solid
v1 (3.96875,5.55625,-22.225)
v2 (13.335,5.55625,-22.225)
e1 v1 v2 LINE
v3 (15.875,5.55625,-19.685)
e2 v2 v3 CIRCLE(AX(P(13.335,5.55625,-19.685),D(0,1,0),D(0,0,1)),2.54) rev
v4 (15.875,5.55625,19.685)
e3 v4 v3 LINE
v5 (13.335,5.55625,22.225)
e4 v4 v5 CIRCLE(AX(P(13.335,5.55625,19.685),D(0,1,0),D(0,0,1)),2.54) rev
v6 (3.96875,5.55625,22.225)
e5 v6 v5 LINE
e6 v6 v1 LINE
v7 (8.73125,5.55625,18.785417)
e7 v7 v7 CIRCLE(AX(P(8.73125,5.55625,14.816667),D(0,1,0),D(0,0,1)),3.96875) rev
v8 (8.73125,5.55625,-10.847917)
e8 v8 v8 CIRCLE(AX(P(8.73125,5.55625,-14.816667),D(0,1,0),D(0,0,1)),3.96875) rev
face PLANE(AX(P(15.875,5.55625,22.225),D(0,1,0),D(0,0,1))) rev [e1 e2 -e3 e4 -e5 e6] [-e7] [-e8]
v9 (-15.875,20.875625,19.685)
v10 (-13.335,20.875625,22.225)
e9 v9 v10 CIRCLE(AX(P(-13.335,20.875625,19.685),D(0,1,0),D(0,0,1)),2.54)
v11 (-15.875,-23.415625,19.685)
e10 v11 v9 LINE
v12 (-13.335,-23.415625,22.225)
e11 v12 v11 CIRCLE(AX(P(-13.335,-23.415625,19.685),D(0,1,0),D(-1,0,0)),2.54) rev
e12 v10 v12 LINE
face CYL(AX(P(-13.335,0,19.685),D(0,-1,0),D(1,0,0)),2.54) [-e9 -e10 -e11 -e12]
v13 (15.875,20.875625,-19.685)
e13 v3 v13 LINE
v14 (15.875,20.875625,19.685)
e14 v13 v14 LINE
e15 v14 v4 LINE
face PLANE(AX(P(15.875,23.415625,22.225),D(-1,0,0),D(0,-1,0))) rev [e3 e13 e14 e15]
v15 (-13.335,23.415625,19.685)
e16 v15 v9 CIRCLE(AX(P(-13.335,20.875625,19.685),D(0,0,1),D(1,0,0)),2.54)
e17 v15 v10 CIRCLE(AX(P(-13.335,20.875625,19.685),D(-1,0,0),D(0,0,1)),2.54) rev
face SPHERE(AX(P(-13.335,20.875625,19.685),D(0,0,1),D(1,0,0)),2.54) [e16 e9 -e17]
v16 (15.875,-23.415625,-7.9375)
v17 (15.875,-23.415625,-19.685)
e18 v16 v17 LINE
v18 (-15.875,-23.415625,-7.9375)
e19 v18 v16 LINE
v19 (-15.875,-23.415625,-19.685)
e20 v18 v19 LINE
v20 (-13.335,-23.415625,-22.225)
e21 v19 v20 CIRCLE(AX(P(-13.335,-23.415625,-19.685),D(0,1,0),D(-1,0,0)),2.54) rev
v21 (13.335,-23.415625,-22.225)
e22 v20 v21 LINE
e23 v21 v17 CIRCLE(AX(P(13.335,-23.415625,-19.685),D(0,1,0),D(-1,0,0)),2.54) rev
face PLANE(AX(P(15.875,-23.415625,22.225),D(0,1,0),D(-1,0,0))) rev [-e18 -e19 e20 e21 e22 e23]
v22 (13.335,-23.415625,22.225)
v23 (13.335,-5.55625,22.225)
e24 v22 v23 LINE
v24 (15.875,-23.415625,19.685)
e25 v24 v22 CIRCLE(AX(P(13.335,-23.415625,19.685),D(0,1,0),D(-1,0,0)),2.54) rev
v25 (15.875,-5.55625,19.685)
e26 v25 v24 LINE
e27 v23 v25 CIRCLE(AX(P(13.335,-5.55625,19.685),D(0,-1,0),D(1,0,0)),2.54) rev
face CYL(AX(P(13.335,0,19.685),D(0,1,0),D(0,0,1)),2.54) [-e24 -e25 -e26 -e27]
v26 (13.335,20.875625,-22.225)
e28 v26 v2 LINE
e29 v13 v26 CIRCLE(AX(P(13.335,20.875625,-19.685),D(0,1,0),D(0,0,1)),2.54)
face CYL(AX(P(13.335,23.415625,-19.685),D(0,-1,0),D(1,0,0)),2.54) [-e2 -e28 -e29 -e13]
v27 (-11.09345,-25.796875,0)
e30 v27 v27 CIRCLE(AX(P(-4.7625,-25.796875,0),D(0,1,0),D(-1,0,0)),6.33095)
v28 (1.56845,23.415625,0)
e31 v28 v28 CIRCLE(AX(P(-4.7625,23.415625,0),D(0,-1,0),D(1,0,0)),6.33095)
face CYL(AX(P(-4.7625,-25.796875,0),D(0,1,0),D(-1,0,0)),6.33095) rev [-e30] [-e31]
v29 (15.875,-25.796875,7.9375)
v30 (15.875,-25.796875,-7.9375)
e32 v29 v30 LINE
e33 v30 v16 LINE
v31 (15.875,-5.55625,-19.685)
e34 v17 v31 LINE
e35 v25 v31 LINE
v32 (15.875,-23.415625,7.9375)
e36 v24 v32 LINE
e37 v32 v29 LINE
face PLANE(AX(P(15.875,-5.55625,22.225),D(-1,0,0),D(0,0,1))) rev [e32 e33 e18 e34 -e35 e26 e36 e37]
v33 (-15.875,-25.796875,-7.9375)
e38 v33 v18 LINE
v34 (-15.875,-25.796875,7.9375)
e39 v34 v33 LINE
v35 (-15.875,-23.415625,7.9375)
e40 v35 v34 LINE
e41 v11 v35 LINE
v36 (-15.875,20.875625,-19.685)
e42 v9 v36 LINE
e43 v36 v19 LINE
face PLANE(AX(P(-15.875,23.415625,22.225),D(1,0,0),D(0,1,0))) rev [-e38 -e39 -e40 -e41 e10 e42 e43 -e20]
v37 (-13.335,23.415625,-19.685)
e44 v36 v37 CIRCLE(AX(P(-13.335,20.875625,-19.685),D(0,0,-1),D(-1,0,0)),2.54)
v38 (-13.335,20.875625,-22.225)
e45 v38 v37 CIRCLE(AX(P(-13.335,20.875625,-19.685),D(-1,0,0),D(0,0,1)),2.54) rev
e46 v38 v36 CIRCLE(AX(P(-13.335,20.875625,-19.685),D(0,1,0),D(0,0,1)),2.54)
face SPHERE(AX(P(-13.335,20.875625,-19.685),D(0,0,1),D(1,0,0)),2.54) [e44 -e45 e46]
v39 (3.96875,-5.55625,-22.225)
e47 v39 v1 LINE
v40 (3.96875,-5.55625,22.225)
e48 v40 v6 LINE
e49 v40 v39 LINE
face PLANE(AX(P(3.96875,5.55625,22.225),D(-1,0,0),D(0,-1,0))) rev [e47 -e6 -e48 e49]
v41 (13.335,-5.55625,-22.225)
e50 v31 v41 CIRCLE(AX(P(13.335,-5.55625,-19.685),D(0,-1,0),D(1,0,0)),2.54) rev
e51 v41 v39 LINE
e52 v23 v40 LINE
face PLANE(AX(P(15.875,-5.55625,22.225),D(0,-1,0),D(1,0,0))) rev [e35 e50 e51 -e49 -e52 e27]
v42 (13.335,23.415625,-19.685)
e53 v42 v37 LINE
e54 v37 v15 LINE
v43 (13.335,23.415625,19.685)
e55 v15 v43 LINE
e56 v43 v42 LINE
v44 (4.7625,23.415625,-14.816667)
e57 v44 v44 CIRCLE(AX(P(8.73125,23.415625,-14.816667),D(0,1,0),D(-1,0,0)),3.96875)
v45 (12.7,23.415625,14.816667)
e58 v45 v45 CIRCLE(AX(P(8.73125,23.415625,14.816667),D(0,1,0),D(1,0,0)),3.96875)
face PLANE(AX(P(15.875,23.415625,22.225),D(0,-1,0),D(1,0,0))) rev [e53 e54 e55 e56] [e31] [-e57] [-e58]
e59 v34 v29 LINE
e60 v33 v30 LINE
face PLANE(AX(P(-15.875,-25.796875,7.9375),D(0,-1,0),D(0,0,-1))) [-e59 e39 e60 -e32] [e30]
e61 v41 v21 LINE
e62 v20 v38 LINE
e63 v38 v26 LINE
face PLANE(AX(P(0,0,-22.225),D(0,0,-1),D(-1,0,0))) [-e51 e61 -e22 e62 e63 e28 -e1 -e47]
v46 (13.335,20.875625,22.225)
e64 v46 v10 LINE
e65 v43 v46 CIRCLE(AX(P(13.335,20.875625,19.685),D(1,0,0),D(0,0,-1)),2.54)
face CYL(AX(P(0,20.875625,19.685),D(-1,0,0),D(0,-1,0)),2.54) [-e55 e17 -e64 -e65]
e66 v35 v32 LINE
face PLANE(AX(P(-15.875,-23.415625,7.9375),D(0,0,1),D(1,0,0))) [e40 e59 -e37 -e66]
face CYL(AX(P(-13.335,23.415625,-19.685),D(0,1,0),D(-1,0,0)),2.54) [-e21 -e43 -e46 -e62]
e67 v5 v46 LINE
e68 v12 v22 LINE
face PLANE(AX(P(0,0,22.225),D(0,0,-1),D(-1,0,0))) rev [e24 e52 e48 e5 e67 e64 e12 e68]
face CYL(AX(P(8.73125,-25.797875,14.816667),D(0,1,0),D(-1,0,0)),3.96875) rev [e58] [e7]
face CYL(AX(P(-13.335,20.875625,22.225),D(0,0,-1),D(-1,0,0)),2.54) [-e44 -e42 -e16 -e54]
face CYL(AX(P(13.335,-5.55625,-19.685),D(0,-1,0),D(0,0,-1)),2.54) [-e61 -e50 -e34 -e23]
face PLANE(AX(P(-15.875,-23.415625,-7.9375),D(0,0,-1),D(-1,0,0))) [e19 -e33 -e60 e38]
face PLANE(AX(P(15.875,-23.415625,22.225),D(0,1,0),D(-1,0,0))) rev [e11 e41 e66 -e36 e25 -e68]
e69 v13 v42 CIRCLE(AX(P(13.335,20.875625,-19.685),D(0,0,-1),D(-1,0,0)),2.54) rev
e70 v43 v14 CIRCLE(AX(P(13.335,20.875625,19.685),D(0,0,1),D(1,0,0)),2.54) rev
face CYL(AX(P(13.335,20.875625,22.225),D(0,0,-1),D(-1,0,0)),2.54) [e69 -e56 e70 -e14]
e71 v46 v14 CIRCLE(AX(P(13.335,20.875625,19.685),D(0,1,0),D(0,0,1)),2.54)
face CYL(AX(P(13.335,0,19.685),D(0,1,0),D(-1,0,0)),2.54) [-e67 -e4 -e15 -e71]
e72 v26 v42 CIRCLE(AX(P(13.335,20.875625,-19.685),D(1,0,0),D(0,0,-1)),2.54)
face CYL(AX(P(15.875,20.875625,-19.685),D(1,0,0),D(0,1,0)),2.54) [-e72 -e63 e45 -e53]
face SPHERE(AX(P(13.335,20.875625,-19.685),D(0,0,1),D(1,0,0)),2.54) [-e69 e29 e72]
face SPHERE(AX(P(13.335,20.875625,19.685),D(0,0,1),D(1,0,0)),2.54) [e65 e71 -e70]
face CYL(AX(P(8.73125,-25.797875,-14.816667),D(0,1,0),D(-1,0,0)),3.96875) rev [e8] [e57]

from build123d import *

# Parameters (mm, degrees)
BOSS_EXTRUDE1_DEPTH     = 22.225
SKETCH4_W               = 15.875
SKETCH4_H               = 2.38125
BOSS_EXTRUDE2_DEPTH     = 31.75
SKETCH2_R               = 6.33095
CUT_EXTRUDE1_DEPTH      = 1
CUT_EXTRUDE1_DEPTH_BACK = 50.2125
CUT_EXTRUDE2_REACH      = 51.212
SKETCH3_R               = 3.96875
FILLET1_R               = 2.54


with BuildPart() as part:
    # Sketch1 → Boss-Extrude1 (new body, symmetric)
    with BuildSketch(Plane.XY):
        Polygon((15.875, 23.415625), (-15.875, 23.415625), (-15.875, -23.415625), (15.875, -23.415625), (15.875, -5.55625), (3.96875, -5.55625), (3.96875, 5.55625), (15.875, 5.55625), align=None)
    extrude(amount=BOSS_EXTRUDE1_DEPTH, both=True)

    # Sketch4 → Boss-Extrude2 (add, through all)
    with BuildSketch(Plane(origin=(15.875, 0, 0), x_dir=(0, 0, -1), z_dir=(1, 0, 0))):
        with Locations((0, -24.60625)):
            Rectangle(SKETCH4_W, SKETCH4_H)
    extrude(amount=-BOSS_EXTRUDE2_DEPTH)

    # Sketch2 → Cut-Extrude1 (cut, two sides)
    with BuildSketch(Plane(origin=(0, 23.415625, 0), x_dir=(1, 0, 0), z_dir=(0, 1, 0))) as cut_extrude1_sk:
        with Locations((-4.7625, 0)):
            Circle(SKETCH2_R)
    extrude(amount=CUT_EXTRUDE1_DEPTH, mode=Mode.SUBTRACT)
    extrude(cut_extrude1_sk.sketch, amount=-CUT_EXTRUDE1_DEPTH_BACK, mode=Mode.SUBTRACT)

    # Sketch3 → Cut-Extrude2 (cut, up to next)
    with BuildSketch(Plane(origin=(0, 23.415625, 0), x_dir=(1, 0, 0), z_dir=(0, 1, 0)), mode=Mode.PRIVATE) as cut_extrude2_sk1:
        with Locations((8.73125, 14.816666667)):
            Circle(SKETCH3_R)
    cut_extrude2_tool1 = extrude(cut_extrude2_sk1.sketch, amount=-CUT_EXTRUDE2_REACH, mode=Mode.PRIVATE) & part.part
    add(cut_extrude2_tool1.solids().sort_by_distance((8.73125, 23.415625, -14.816667))[0], mode=Mode.SUBTRACT)
    # Sketch3 → Cut-Extrude2 (cut, up to next)
    with BuildSketch(Plane(origin=(0, 23.415625, 0), x_dir=(1, 0, 0), z_dir=(0, 1, 0)), mode=Mode.PRIVATE) as cut_extrude2_sk2:
        with Locations((8.73125, -14.816666667)):
            Circle(SKETCH3_R)
    cut_extrude2_tool2 = extrude(cut_extrude2_sk2.sketch, amount=-CUT_EXTRUDE2_REACH, mode=Mode.PRIVATE) & part.part
    add(cut_extrude2_tool2.solids().sort_by_distance((8.73125, 23.415625, 14.816667))[0], mode=Mode.SUBTRACT)

    # Fillet1
    fillet1_edges = [part.edges().sort_by_distance(p)[0] for p in [
        (15.875, -14.4859375, 22.225),
        (-15.875, 0, -22.225),
        (-15.875, 23.415625, 0),
        (15.875, 23.415625, 0),
        (15.875, 14.4859375, 22.225),
        (0, 23.415625, 22.225),
        (-15.875, 0, 22.225),
        (0, 23.415625, -22.225),
        (15.875, 14.4859375, -22.225),
        (15.875, -14.4859375, -22.225),
    ]]
    fillet(fillet1_edges, radius=FILLET1_R)


solid = part.part
